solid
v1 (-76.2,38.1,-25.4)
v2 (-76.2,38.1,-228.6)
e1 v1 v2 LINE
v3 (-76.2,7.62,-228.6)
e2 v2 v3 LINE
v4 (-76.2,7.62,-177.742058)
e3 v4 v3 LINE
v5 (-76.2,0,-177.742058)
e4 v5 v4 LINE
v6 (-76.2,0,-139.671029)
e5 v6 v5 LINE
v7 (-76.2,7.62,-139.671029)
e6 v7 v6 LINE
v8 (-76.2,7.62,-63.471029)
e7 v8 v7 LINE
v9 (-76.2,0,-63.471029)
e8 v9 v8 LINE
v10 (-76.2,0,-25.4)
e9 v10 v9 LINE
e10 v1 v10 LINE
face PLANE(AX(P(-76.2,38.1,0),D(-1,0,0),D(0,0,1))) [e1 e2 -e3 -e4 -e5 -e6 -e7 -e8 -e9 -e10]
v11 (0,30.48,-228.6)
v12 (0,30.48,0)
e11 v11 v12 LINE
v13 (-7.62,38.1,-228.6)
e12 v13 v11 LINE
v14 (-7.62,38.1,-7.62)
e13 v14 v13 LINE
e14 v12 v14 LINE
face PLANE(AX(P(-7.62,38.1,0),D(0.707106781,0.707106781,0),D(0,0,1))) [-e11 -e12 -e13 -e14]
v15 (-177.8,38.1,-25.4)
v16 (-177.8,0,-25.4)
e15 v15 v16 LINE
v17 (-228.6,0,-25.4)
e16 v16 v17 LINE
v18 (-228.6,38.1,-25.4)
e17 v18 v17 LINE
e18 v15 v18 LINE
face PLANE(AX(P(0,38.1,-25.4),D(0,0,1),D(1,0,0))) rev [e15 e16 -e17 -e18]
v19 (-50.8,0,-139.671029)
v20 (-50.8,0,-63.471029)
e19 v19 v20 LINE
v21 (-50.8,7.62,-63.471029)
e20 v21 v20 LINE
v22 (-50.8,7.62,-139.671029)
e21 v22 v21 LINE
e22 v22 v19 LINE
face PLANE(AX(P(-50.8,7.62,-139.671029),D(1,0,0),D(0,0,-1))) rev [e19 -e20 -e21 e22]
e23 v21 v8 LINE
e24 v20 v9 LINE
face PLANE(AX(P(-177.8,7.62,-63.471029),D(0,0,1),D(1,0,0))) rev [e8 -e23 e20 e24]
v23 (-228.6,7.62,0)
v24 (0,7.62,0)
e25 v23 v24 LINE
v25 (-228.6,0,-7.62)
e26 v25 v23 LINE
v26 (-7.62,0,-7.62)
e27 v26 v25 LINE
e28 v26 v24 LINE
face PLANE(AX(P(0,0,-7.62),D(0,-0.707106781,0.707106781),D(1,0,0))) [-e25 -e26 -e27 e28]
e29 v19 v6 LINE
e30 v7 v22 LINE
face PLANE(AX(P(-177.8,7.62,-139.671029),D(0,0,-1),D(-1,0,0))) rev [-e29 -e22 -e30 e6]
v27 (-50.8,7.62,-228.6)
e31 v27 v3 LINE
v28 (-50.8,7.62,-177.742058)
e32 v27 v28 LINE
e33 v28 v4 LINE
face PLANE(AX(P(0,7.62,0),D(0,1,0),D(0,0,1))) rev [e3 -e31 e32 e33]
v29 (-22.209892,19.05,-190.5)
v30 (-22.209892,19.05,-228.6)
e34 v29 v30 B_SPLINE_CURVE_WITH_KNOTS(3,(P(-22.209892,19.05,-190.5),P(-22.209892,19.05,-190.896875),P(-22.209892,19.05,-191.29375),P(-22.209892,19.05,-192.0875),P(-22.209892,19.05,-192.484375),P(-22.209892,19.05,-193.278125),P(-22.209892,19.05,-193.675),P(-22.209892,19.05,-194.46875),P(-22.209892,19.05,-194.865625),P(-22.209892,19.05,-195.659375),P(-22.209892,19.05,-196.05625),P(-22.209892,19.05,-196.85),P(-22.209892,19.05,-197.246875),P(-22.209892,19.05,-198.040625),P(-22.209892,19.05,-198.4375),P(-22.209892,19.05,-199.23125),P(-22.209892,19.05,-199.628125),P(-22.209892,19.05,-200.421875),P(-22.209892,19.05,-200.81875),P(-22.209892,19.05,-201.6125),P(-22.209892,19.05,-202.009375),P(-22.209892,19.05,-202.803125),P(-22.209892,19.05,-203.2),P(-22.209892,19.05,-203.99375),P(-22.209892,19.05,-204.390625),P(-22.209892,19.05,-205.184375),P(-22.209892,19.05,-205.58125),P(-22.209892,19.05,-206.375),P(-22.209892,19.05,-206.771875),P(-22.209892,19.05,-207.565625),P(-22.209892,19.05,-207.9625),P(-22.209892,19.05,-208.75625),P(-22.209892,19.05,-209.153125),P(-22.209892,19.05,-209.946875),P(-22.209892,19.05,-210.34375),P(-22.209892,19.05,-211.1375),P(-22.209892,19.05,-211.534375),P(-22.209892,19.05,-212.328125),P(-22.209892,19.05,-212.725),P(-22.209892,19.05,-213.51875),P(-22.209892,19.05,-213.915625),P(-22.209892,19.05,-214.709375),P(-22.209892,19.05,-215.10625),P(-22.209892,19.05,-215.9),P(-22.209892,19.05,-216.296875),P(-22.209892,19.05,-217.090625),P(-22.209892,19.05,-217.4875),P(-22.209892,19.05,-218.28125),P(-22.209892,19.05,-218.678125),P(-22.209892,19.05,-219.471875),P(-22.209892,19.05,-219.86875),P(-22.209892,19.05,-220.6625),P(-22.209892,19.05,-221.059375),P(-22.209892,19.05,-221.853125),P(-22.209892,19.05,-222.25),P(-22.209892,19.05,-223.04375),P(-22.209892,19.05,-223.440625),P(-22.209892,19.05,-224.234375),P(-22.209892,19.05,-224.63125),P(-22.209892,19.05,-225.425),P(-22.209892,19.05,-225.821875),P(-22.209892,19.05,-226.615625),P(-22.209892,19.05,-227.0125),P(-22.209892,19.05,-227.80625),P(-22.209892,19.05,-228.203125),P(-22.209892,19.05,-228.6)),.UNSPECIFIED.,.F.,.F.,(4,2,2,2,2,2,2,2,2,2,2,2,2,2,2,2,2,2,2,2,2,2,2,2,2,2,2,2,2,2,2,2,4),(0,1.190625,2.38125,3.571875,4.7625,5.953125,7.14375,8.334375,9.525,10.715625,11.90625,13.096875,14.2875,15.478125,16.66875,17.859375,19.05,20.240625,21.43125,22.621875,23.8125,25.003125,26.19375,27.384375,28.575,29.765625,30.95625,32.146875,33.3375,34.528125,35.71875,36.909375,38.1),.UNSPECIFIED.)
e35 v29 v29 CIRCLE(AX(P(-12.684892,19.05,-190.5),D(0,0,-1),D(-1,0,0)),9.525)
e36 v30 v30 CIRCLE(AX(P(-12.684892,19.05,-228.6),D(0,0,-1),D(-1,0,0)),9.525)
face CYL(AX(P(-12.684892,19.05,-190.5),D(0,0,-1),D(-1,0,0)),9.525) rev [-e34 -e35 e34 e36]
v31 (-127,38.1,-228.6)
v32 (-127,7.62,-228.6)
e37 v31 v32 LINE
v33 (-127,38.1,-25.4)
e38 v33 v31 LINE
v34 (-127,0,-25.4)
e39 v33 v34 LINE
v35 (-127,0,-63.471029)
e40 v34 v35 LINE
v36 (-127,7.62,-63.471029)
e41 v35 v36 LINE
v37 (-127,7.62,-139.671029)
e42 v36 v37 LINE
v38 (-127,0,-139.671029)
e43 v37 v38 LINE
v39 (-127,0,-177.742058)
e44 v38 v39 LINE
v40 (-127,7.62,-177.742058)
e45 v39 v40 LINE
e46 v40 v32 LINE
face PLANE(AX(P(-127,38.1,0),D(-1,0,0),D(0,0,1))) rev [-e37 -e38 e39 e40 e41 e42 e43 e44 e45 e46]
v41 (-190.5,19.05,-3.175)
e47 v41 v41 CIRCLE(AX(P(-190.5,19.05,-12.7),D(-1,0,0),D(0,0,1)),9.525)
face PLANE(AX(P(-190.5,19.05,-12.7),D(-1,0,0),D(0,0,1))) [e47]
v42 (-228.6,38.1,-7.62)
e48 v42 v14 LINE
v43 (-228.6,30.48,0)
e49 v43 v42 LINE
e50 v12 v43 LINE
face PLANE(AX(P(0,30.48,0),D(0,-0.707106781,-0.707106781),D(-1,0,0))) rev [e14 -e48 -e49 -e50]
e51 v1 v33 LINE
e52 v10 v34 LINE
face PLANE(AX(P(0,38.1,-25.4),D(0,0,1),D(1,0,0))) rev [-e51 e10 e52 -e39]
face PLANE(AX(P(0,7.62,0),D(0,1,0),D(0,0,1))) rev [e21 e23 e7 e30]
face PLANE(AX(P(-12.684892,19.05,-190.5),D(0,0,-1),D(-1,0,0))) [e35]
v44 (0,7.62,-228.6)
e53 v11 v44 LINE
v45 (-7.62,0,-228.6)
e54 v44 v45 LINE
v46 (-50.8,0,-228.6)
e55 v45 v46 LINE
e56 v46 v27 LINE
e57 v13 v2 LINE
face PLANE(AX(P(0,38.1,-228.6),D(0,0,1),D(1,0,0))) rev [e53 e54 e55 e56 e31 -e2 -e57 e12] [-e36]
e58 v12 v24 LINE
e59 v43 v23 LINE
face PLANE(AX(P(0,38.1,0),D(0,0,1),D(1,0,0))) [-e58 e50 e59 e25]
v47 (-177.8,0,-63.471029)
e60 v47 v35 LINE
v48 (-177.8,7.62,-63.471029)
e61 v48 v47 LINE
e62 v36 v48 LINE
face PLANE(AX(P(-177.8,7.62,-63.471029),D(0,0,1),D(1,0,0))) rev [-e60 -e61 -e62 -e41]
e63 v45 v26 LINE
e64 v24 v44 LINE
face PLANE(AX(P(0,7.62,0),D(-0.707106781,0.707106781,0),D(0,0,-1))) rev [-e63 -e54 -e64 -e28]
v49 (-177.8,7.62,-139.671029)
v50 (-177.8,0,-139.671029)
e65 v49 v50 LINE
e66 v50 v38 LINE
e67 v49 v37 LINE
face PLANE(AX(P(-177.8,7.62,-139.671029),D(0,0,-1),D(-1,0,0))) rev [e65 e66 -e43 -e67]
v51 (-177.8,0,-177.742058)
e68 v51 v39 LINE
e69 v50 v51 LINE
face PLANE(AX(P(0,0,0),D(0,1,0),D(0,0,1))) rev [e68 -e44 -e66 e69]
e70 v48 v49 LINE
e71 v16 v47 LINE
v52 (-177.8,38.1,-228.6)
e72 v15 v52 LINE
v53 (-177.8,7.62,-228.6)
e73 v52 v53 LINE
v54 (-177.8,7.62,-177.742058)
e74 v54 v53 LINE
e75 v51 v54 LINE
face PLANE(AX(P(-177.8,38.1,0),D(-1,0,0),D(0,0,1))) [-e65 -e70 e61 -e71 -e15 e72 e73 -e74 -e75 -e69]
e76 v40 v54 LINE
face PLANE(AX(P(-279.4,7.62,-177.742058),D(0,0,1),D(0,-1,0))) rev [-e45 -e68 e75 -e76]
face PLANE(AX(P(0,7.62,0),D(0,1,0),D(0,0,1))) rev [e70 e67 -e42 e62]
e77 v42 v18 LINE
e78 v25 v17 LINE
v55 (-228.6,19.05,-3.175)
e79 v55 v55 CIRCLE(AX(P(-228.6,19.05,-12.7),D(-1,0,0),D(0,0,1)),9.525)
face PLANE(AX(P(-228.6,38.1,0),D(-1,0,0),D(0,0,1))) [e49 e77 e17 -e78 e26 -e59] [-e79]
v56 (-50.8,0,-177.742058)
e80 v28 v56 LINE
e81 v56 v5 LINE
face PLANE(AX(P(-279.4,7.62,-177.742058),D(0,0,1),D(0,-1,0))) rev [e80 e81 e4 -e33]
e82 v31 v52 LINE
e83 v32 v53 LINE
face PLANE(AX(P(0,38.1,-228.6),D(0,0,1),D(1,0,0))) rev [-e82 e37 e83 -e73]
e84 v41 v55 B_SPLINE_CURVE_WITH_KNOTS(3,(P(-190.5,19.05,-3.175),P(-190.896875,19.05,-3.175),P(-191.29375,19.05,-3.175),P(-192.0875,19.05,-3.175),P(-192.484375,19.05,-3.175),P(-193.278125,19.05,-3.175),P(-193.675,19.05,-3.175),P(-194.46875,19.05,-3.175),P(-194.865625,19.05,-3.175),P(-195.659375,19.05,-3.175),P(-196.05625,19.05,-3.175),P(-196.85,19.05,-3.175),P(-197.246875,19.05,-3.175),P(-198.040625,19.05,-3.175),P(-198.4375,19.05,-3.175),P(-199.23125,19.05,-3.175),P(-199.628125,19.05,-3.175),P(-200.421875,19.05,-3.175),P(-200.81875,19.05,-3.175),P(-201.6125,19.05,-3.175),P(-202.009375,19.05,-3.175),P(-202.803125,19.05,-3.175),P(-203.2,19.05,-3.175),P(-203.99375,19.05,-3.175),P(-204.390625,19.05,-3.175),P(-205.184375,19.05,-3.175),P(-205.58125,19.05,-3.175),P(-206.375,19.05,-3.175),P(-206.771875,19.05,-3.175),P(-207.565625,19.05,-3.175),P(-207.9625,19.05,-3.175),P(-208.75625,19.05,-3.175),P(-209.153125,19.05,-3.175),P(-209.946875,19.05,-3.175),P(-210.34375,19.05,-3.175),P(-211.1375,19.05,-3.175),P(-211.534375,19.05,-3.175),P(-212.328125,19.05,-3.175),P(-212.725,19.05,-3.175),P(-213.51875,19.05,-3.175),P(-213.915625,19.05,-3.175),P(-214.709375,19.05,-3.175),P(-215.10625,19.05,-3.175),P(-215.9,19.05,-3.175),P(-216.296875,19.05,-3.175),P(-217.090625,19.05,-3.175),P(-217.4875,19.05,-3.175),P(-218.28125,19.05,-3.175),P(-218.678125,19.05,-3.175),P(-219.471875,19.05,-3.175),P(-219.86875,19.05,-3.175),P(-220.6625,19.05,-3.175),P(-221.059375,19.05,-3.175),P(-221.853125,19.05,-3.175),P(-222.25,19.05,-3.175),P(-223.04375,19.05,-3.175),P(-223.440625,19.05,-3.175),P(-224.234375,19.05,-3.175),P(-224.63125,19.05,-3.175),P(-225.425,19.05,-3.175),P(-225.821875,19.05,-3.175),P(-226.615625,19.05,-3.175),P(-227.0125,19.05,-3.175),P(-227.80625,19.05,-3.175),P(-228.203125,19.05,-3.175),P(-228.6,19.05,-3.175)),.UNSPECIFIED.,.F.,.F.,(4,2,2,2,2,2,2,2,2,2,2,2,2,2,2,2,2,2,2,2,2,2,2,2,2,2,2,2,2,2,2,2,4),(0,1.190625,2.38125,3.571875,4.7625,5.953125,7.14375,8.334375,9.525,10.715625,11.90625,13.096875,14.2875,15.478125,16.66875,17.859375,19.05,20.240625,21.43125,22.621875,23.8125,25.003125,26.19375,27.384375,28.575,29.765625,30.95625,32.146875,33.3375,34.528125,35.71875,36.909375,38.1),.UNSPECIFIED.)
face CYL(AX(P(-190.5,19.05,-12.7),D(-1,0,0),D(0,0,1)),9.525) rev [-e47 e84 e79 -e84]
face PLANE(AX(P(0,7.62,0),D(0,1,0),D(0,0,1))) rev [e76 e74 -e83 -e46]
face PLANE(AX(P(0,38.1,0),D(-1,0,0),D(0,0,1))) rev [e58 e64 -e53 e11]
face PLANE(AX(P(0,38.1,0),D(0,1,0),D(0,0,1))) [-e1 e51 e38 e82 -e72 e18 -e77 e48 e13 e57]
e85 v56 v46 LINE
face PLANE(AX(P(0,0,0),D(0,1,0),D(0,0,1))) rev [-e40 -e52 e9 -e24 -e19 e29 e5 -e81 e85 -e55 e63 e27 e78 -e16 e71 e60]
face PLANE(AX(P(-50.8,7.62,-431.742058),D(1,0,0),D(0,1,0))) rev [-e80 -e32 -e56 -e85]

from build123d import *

# Parameters (mm, degrees)
SKETCH1_W           = 50.8
SKETCH1_H           = 203.2
BOSS_EXTRUDE1_DEPTH = 38.1
SKETCH3_R           = 9.525
CUT_EXTRUDE1_DEPTH  = 38.1
SKETCH4_R           = 9.525
CUT_EXTRUDE2_DEPTH  = 38.1
CUT_EXTRUDE3_DEPTH  = 7.62
SKETCH6_W           = 127
SKETCH6_H           = 76.2
CUT_EXTRUDE4_DEPTH  = 7.62
CHAMFER1_SIZE       = 7.62


with BuildPart() as part:
    # Sketch1 → Boss-Extrude1 (new body)
    with BuildSketch(Plane(origin=(0, 0, 0), x_dir=(1, 0, 0), z_dir=(0, 1, 0))):
        Polygon((-25.4, 228.6), (-25.4, 25.4), (-76.2, 25.4), (-127, 25.4), (-177.8, 25.4), (-228.6, 25.4), (-228.6, 0), (0, 0), (0, 228.6), align=None)
        with Locations((-50.8, 127)):
            Rectangle(SKETCH1_W, SKETCH1_H)
        with Locations((-152.4, 127)):
            Rectangle(SKETCH1_W, SKETCH1_H)
    extrude(amount=BOSS_EXTRUDE1_DEPTH)

    # Sketch3 → Cut-Extrude1 (cut)
    with BuildSketch(Plane.ZY.offset(228.6)):
        with Locations((-12.7, 19.05)):
            Circle(SKETCH3_R)
    extrude(amount=-CUT_EXTRUDE1_DEPTH, mode=Mode.SUBTRACT)

    # Sketch4 → Cut-Extrude2 (cut)
    with BuildSketch(Plane(origin=(0, 0, -228.6), x_dir=(-1, 0, 0), z_dir=(0, 0, -1))):
        with Locations((12.684892179, 19.05)):
            Circle(SKETCH4_R)
    extrude(amount=-CUT_EXTRUDE2_DEPTH, mode=Mode.SUBTRACT)

    # Sketch5 → Cut-Extrude3 (cut)
    with BuildSketch(Plane(origin=(0, 0, 0), x_dir=(-1, 0, 0), z_dir=(0, -1, 0))):
        Polygon((50.8, 431.742057994), (50.8, 177.742057994), (279.4, 177.742057994), (279.4, 431.771028997), align=None)
    extrude(amount=-CUT_EXTRUDE3_DEPTH, mode=Mode.SUBTRACT)

    # Sketch6 → Cut-Extrude4 (cut)
    with BuildSketch(Plane(origin=(0, 0, 0), x_dir=(-1, 0, 0), z_dir=(0, -1, 0))):
        with Locations((114.3, 101.571028997)):
            Rectangle(SKETCH6_W, SKETCH6_H)
    extrude(amount=-CUT_EXTRUDE4_DEPTH, mode=Mode.SUBTRACT)

    # Chamfer1
    chamfer1_edges = [part.edges().sort_by_distance(p)[0] for p in [
        (0, 0, -114.3),
        (-114.3, 0, 0),
        (-114.3, 38.1, 0),
        (0, 38.1, -114.3),
    ]]
    chamfer(chamfer1_edges, length=CHAMFER1_SIZE)


solid = part.part
